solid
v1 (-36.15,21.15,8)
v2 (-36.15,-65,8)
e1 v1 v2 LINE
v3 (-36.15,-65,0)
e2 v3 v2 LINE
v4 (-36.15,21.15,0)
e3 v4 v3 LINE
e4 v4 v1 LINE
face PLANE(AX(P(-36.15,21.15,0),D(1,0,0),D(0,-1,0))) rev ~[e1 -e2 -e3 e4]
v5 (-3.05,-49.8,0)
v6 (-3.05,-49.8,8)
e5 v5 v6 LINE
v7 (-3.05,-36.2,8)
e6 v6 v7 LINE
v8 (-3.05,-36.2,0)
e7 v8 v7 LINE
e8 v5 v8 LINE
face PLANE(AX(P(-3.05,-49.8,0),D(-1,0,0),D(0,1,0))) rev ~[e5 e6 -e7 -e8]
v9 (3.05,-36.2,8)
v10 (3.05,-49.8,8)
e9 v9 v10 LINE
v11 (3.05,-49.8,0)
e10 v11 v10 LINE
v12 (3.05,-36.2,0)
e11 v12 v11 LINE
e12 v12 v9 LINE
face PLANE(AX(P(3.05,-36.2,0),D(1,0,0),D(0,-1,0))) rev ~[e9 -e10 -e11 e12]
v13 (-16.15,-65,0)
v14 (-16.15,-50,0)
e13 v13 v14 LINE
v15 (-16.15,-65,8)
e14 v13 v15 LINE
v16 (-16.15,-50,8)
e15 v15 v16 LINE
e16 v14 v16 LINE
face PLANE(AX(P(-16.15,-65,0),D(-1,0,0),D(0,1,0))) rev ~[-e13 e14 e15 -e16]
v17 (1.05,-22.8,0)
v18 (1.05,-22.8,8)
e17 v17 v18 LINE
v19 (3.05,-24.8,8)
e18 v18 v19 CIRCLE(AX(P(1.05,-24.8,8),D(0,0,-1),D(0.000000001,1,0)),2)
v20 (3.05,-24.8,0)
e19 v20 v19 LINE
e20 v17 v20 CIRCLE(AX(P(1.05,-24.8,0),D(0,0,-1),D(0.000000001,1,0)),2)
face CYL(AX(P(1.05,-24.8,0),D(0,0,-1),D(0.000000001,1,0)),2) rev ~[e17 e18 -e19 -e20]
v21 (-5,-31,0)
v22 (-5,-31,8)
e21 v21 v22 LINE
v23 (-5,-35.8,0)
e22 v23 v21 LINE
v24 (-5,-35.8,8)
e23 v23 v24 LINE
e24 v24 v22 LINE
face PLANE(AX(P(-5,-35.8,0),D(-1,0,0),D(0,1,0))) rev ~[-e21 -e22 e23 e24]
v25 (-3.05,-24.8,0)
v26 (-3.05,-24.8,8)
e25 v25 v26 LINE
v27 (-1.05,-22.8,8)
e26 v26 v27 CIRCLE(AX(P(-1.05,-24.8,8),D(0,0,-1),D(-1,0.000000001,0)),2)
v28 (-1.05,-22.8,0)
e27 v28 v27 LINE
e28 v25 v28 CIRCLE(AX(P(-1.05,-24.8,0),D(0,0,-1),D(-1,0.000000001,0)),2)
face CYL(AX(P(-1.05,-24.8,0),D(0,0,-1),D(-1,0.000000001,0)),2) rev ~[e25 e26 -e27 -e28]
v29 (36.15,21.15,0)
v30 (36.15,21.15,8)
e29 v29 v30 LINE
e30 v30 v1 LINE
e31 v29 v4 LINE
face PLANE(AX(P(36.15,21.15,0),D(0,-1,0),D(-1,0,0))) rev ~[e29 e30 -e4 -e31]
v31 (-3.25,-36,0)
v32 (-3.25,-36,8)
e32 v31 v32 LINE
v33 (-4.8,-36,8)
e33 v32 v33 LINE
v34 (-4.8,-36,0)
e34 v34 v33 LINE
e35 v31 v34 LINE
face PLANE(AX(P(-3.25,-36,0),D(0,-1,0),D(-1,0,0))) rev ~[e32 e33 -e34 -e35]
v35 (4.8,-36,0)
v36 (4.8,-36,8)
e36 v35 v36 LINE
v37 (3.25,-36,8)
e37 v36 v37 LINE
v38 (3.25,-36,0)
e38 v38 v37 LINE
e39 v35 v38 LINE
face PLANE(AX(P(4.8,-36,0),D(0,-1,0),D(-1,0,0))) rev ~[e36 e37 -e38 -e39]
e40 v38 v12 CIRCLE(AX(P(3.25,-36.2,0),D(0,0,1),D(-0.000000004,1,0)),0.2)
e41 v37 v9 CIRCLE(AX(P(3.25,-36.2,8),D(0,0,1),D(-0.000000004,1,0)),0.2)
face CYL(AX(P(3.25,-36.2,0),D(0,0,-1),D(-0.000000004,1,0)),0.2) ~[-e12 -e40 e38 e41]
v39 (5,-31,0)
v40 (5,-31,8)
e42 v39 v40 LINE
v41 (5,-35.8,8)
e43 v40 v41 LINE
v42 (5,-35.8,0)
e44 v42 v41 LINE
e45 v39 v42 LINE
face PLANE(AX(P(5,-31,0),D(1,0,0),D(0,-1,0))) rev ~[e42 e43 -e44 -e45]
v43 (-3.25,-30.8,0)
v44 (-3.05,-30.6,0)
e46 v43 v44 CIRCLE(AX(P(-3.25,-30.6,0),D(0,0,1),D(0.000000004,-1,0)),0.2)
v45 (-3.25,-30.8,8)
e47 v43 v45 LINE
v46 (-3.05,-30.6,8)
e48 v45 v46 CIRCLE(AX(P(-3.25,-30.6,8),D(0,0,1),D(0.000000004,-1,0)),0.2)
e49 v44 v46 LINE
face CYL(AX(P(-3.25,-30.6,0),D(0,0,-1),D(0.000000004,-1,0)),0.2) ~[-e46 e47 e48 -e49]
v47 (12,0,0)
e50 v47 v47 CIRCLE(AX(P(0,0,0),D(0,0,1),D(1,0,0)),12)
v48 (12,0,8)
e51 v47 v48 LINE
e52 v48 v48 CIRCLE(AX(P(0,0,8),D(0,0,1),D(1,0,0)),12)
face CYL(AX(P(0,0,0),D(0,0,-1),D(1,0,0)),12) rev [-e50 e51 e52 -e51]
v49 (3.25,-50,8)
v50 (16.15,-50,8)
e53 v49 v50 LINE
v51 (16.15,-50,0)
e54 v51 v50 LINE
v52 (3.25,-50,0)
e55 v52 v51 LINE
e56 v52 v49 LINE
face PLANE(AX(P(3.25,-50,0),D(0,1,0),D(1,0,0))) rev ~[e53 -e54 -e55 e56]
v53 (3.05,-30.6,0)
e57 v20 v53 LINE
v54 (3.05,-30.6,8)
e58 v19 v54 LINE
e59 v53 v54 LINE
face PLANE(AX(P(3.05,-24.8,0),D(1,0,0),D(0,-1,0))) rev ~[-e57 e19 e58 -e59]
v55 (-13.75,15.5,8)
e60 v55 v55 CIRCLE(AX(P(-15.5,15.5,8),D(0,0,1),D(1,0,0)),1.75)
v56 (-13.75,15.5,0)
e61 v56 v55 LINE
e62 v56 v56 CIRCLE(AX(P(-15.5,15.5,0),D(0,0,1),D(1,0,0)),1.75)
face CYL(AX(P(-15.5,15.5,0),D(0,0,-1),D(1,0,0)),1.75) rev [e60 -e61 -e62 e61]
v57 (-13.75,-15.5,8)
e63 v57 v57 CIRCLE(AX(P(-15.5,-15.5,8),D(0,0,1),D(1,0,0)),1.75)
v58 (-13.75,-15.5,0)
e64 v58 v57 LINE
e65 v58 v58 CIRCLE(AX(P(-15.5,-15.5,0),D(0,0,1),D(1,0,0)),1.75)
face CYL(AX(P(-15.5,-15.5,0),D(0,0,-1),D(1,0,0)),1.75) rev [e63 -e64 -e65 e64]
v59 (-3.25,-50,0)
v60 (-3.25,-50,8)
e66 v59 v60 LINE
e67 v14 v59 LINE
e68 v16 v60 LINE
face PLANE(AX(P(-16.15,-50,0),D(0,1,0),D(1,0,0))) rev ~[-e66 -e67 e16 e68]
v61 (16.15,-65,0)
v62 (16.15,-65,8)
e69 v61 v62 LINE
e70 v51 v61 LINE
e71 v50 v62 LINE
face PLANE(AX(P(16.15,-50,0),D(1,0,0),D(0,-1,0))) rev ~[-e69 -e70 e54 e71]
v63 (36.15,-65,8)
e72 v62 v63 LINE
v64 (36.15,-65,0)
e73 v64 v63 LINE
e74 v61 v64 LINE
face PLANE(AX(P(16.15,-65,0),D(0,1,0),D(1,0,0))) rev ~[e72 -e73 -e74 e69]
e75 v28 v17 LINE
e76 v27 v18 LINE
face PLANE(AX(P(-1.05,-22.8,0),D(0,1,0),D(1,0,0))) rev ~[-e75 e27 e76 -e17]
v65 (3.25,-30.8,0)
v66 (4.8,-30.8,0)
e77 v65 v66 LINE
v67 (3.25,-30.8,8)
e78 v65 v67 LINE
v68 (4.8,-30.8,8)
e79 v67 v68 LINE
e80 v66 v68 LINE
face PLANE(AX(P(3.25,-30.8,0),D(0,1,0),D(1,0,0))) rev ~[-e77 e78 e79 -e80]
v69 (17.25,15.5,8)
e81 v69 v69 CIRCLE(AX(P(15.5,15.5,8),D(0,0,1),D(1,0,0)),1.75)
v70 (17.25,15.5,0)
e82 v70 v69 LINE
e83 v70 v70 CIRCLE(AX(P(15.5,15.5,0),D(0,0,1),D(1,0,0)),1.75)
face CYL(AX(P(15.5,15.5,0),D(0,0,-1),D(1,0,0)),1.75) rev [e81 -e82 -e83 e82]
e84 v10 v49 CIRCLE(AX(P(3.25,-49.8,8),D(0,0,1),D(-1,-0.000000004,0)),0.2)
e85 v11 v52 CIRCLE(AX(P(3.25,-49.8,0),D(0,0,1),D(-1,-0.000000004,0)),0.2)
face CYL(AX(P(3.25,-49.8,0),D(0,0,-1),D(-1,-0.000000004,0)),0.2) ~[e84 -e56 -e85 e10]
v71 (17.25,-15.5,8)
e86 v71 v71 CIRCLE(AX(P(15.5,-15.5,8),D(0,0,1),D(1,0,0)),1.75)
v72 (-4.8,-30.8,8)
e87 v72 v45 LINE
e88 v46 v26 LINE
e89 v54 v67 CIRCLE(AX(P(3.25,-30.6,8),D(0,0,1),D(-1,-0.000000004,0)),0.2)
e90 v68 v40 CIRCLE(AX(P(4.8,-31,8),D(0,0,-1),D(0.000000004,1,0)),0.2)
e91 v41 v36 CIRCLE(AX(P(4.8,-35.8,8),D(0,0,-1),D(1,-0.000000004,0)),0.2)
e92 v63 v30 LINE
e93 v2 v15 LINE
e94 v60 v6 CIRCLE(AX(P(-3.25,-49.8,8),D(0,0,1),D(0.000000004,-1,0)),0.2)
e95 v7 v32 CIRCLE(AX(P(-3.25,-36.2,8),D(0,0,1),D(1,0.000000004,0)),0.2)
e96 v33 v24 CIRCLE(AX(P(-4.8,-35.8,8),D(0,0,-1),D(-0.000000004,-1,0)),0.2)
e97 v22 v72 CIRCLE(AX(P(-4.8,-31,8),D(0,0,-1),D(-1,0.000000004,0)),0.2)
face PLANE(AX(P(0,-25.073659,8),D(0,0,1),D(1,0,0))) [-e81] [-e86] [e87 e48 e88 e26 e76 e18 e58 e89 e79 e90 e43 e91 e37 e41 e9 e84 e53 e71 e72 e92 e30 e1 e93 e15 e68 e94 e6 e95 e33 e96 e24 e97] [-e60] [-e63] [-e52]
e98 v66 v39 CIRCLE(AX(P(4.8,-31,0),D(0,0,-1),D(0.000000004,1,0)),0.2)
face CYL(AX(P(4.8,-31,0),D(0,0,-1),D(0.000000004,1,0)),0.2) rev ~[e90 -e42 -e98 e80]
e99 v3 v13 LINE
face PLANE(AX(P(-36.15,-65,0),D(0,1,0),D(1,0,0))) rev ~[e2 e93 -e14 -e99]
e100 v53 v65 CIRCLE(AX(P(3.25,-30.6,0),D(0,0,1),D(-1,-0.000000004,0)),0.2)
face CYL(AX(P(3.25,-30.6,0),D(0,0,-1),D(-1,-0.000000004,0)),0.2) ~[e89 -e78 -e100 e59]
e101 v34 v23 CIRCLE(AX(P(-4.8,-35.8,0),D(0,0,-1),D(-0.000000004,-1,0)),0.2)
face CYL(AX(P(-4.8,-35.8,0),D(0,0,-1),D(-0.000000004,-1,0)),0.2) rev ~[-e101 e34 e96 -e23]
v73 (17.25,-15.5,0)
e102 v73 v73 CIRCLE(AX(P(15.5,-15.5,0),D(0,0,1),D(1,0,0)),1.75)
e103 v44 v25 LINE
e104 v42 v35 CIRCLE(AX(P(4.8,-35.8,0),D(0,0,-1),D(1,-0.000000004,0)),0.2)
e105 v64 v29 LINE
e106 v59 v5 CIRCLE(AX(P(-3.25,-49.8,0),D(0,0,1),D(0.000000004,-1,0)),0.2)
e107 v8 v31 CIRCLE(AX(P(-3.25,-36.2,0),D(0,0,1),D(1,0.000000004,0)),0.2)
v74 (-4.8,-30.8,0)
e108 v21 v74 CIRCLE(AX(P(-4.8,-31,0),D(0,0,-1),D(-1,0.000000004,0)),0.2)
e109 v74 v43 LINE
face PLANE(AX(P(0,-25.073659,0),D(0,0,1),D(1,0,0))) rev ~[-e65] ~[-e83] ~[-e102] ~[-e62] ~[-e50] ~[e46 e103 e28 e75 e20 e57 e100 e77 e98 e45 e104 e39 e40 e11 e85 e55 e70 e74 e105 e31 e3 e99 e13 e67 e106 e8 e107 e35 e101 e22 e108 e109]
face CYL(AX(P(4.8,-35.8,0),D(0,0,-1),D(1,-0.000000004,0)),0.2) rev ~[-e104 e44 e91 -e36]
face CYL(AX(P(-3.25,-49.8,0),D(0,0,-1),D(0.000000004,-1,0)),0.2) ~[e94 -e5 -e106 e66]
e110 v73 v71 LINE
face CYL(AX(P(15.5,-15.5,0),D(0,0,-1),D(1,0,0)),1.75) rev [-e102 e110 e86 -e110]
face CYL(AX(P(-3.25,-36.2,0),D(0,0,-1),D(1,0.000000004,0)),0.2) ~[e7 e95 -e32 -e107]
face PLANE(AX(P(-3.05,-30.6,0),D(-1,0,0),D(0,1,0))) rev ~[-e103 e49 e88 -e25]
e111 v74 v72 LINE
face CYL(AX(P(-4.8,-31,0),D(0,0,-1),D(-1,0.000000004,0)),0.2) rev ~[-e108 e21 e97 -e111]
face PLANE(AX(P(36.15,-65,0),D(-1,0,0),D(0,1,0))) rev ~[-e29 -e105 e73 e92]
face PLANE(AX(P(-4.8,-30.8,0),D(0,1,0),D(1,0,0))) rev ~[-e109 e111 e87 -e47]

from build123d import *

# Parameters (mm, degrees)
SKETCH1_R           = 12
SKETCH1_R_2         = 1.75
BOSS_EXTRUDE1_DEPTH = 8


with BuildPart() as part:
    # Sketch1 → Boss-Extrude1 (new body)
    with BuildSketch(Plane.XY):
        with BuildLine():
            Line((36.15, 21.15), (-36.15, 21.15))
            Line((-36.15, 21.15), (-36.15, -57))
            Line((-36.15, -57), (-36.15, -65))
            Line((-36.15, -65), (-16.15, -65))
            Line((-16.15, -65), (-16.15, -50))
            Line((-16.15, -50), (-3.25, -50))
            ThreePointArc((-3.25, -50), (-3.108578644, -49.941421356), (-3.05, -49.8))
            Line((-3.05, -49.8), (-3.05, -36.2))
            ThreePointArc((-3.05, -36.2), (-3.108578644, -36.058578644), (-3.25, -36))
            Line((-3.25, -36), (-4.8, -36))
            ThreePointArc((-4.8, -36), (-4.941421356, -35.941421356), (-5, -35.8))
            Line((-5, -35.8), (-5, -31))
            ThreePointArc((-5, -31), (-4.941421356, -30.858578644), (-4.8, -30.8))
            Line((-4.8, -30.8), (-3.25, -30.8))
            ThreePointArc((-3.25, -30.8), (-3.108578644, -30.741421356), (-3.05, -30.6))
            Line((-3.05, -30.6), (-3.05, -24.8))
            ThreePointArc((-3.05, -24.8), (-2.464213562, -23.385786438), (-1.05, -22.8))
            Line((-1.05, -22.8), (1.05, -22.8))
            ThreePointArc((1.05, -22.8), (2.464213562, -23.385786438), (3.05, -24.8))
            Line((3.05, -24.8), (3.05, -30.6))
            ThreePointArc((3.05, -30.6), (3.108578644, -30.741421356), (3.25, -30.8))
            Line((3.25, -30.8), (4.8, -30.8))
            ThreePointArc((4.8, -30.8), (4.941421356, -30.858578644), (5, -31))
            Line((5, -31), (5, -35.8))
            ThreePointArc((5, -35.8), (4.941421356, -35.941421356), (4.8, -36))
            Line((4.8, -36), (3.25, -36))
            ThreePointArc((3.25, -36), (3.108578644, -36.058578644), (3.05, -36.2))
            Line((3.05, -36.2), (3.05, -49.8))
            ThreePointArc((3.05, -49.8), (3.108578644, -49.941421356), (3.25, -50))
            Line((3.25, -50), (16.15, -50))
            Line((16.15, -50), (16.15, -65))
            Line((16.15, -65), (36.15, -65))
            Line((36.15, -65), (36.15, -57))
            Line((36.15, -57), (36.15, 21.15))
        make_face()
        Circle(SKETCH1_R, mode=Mode.SUBTRACT)
        with Locations((-15.5, 15.5)):
            Circle(SKETCH1_R_2, mode=Mode.SUBTRACT)
        with Locations((15.5, 15.5)):
            Circle(SKETCH1_R_2, mode=Mode.SUBTRACT)
        with Locations((15.5, -15.5)):
            Circle(SKETCH1_R_2, mode=Mode.SUBTRACT)
        with Locations((-15.5, -15.5)):
            Circle(SKETCH1_R_2, mode=Mode.SUBTRACT)
    extrude(amount=BOSS_EXTRUDE1_DEPTH)


solid = part.part
